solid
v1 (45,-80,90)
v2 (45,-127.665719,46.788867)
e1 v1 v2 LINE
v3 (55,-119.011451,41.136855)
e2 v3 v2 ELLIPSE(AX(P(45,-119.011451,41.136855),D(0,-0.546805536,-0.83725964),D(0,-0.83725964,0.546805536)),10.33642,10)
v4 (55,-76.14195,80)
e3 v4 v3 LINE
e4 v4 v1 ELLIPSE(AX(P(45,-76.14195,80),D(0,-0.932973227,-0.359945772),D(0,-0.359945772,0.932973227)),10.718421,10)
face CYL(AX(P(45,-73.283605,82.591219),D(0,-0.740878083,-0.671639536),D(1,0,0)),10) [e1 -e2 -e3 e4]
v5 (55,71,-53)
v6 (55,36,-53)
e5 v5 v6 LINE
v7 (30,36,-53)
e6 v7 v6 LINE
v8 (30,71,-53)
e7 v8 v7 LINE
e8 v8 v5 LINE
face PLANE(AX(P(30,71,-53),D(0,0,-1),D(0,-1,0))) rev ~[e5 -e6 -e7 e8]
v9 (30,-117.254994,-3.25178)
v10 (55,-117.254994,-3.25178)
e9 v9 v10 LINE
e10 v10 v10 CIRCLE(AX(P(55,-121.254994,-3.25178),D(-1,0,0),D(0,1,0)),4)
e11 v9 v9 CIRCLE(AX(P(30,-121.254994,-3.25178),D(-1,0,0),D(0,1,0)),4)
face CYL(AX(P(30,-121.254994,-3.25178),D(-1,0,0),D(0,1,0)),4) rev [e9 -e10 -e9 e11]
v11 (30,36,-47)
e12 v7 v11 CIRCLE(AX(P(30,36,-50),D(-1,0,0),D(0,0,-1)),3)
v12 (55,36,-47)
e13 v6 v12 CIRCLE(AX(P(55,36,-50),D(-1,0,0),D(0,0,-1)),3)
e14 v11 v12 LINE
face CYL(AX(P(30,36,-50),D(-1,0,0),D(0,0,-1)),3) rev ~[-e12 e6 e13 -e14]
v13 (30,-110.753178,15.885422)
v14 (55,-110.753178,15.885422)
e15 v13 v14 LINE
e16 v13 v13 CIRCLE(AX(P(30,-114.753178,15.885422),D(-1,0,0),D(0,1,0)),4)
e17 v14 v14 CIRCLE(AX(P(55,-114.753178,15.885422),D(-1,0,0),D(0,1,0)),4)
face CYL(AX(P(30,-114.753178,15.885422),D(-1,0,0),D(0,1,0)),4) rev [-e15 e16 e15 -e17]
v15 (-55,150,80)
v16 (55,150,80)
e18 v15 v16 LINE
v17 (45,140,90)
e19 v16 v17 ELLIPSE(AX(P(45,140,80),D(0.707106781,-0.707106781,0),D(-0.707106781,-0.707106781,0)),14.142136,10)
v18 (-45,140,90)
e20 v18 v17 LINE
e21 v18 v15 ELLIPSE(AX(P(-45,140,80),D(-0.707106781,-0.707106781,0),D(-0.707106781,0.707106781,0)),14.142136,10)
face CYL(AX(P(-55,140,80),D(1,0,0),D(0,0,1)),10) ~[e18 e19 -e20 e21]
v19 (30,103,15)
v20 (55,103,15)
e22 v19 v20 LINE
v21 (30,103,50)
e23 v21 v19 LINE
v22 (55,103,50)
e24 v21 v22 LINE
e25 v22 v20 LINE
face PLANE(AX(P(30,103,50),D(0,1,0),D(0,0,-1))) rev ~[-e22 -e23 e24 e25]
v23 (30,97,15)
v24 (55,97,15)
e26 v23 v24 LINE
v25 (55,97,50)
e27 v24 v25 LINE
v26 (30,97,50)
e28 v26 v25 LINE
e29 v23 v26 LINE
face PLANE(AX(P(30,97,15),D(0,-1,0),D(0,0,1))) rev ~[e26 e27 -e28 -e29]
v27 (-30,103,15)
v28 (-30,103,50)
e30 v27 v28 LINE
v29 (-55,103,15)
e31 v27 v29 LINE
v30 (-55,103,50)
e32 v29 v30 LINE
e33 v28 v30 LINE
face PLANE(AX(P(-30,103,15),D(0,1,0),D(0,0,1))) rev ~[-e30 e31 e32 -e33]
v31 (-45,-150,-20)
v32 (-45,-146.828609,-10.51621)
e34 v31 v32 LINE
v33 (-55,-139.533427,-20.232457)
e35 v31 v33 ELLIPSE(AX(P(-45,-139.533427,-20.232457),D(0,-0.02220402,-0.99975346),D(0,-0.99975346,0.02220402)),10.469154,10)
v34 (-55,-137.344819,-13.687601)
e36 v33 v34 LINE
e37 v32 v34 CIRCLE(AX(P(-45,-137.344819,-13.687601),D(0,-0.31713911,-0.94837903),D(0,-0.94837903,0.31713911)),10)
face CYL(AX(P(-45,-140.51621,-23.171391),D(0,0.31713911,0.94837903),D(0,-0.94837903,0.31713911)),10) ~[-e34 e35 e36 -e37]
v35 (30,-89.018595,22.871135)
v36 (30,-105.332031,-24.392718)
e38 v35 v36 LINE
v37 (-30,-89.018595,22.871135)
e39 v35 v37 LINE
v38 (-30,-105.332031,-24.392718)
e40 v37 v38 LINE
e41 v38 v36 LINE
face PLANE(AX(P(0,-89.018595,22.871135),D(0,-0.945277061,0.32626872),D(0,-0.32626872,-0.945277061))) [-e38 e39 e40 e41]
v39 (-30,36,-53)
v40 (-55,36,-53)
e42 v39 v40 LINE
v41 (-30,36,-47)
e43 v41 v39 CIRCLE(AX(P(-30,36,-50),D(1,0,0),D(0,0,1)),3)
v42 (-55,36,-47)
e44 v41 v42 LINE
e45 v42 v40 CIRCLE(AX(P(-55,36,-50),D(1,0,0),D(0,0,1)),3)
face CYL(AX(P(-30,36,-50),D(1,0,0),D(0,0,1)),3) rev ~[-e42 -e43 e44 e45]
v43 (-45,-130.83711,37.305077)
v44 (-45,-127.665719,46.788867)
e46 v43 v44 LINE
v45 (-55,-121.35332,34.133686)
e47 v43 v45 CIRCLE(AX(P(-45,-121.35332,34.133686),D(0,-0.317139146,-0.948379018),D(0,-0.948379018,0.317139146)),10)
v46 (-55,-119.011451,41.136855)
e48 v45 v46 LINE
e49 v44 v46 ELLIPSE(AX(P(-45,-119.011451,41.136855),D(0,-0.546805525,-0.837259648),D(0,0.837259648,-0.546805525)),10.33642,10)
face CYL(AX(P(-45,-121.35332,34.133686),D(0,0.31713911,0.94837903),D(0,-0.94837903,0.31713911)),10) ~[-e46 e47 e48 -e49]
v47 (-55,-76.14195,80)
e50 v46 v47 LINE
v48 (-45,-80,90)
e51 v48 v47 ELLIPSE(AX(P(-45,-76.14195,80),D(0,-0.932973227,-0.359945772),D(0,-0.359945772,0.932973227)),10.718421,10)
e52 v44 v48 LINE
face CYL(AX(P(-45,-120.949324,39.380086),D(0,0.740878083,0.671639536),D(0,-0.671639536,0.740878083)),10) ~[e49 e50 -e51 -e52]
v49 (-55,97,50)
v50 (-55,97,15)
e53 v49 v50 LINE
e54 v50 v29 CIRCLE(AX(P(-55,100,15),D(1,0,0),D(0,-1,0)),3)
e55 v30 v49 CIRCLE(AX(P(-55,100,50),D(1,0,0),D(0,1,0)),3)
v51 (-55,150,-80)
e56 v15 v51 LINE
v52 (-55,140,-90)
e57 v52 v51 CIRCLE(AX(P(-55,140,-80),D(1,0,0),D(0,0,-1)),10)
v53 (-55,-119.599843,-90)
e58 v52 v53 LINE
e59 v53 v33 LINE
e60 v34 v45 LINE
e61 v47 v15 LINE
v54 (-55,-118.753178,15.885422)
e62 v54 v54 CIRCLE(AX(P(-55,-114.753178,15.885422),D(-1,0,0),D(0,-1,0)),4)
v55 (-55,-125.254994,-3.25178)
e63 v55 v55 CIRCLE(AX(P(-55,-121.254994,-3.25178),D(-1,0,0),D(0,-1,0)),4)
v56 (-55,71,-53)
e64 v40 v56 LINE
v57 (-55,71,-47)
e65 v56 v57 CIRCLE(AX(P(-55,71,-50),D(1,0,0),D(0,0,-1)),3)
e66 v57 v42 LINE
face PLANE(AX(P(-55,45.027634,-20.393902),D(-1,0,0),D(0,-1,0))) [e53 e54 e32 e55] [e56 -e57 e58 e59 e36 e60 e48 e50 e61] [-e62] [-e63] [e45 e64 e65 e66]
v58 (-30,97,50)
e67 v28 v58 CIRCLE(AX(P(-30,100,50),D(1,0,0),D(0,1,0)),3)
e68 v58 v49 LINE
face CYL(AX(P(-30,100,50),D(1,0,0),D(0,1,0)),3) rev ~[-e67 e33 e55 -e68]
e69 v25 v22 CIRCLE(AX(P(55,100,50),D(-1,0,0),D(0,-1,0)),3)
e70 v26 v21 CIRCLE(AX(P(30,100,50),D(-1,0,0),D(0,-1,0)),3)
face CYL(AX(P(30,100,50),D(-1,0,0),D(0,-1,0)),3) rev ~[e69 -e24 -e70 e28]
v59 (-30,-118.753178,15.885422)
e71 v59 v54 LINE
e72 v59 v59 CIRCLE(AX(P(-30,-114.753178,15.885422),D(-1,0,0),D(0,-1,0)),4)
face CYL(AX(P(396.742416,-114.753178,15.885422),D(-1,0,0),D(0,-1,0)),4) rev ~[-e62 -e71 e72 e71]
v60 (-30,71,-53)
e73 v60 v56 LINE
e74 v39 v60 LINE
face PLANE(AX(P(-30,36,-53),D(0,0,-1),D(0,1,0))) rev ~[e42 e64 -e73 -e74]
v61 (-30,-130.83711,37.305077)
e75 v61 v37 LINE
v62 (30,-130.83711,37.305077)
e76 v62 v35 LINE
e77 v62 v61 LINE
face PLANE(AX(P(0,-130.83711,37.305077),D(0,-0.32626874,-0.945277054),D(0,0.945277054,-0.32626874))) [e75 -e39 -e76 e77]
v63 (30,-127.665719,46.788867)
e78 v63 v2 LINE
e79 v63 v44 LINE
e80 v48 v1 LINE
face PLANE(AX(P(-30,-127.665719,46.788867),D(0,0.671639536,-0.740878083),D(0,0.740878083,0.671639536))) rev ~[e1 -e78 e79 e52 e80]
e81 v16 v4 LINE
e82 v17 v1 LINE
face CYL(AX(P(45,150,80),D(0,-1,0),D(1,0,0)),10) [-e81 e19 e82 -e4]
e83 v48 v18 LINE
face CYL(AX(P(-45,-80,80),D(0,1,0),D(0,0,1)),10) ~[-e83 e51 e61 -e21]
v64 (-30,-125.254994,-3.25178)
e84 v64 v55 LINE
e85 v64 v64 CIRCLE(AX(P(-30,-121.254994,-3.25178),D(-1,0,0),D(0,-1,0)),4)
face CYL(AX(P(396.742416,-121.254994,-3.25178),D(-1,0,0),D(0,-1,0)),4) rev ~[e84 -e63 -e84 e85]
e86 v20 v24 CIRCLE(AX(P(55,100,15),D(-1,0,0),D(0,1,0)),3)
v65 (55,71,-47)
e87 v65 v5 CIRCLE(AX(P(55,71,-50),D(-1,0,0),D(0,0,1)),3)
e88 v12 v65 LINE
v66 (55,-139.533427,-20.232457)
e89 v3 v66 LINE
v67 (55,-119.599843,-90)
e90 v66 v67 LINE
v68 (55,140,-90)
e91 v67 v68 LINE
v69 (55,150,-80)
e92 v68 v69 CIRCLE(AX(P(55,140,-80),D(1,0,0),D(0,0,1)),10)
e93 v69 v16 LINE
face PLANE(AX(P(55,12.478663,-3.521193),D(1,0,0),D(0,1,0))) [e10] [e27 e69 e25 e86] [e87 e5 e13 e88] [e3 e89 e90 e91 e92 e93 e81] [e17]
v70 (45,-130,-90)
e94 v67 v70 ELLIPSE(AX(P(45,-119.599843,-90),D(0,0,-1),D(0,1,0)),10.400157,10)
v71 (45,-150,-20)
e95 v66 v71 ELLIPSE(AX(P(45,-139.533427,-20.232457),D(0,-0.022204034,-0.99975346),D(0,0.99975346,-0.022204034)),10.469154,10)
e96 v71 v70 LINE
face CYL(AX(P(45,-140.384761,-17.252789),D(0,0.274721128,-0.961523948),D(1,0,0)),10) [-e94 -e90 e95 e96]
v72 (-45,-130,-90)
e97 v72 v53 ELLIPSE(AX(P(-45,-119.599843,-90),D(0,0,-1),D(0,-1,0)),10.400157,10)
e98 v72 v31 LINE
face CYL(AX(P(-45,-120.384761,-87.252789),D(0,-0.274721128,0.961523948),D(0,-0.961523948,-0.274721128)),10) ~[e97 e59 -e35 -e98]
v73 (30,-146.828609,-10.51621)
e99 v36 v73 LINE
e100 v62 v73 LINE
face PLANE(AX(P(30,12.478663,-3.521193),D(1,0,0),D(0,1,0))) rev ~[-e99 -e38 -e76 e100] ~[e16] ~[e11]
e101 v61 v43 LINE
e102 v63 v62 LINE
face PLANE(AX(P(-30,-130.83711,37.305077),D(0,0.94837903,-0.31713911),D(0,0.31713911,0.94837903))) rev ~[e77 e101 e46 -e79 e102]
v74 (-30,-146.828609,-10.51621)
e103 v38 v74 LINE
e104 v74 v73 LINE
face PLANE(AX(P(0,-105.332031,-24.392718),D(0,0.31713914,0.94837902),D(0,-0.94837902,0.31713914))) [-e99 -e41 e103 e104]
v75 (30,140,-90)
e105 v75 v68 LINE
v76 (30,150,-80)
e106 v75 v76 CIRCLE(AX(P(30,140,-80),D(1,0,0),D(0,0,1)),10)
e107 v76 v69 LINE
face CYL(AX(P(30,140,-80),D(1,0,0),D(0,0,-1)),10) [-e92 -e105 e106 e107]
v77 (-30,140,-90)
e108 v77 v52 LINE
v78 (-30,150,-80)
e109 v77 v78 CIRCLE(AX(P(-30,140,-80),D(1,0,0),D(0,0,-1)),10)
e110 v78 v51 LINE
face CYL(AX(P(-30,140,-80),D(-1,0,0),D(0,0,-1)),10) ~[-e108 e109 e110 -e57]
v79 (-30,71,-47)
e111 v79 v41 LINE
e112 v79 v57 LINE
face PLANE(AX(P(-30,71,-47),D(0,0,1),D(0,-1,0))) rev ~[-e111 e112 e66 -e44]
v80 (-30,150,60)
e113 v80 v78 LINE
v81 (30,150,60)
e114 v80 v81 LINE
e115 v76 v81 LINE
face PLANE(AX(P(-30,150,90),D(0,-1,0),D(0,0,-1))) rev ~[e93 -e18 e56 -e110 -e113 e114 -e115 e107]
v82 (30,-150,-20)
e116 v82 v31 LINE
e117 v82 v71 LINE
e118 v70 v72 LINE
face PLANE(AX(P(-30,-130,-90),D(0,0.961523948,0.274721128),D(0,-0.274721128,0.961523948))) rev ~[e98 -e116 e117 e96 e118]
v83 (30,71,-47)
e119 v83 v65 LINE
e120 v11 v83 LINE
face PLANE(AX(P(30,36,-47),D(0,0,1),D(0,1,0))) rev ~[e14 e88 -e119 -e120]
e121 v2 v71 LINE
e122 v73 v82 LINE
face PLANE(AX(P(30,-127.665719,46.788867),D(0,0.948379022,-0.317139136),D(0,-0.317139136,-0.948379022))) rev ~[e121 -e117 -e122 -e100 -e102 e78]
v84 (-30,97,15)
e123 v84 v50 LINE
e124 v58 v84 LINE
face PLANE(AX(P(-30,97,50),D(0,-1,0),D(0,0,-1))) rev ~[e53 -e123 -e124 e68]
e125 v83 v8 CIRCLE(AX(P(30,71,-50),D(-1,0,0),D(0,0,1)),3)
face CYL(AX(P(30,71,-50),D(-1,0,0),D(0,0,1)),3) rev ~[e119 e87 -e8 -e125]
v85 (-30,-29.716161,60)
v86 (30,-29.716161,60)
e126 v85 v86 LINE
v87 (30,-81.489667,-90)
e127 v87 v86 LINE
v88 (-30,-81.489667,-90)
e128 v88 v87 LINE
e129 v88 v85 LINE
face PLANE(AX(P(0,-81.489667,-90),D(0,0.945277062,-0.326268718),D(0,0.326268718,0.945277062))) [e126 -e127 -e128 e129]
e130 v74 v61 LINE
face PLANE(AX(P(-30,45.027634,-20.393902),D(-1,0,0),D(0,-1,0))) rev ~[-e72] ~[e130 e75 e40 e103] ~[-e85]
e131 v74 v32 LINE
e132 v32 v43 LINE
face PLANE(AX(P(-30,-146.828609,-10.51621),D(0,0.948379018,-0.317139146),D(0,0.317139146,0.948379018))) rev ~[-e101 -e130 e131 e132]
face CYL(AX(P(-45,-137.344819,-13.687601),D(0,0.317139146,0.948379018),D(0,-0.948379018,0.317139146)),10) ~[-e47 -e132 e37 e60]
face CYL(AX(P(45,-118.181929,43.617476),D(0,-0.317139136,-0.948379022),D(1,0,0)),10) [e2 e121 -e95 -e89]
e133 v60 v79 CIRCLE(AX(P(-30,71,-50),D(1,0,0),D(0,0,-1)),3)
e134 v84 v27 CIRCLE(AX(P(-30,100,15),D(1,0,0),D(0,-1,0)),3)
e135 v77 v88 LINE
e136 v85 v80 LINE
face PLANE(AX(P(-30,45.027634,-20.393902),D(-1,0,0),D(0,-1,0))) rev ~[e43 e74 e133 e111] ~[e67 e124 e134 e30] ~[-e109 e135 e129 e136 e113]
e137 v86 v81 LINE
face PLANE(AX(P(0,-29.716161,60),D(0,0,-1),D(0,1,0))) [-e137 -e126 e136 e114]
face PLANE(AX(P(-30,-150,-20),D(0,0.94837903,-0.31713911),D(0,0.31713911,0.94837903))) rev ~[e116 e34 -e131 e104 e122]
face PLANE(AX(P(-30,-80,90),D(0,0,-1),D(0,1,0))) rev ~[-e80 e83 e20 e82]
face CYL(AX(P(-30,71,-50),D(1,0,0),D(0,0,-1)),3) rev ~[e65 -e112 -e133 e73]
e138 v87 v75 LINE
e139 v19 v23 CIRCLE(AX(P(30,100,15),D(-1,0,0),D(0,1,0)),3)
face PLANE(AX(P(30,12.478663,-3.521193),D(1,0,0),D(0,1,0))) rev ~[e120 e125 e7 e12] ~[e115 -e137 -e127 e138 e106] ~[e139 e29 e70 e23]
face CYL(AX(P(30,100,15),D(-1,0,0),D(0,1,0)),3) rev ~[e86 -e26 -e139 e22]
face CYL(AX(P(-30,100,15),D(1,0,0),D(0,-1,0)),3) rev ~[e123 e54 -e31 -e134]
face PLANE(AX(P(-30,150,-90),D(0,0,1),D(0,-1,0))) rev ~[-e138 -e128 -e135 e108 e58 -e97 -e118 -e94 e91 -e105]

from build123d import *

# Parameters (mm, degrees)
F1_DEPTH = 30
F2_R     = 4
F3_DEPTH = 25
F5_DEPTH = 25
F6_R     = 10
F7_D     = 8


with BuildPart() as f1:
    # F0 (on Right) → F1 (new body, symmetric)
    with BuildSketch(Plane.YZ):
        Polygon((-89.018595, 22.871135), (-105.332031, -24.392718), (-146.828609, -10.51621), (-150, -20), (-130, -90), (-81.489667, -90), (-29.716161, 60), (-24.538811, 75), (-19.36146, 90), (-80, 90), (-127.665719, 46.788867), (-130.83711, 37.305077), align=None)
        Polygon((150, 90), (-19.36146, 90), (-24.538811, 75), (-29.716161, 60), (150, 60), align=None)
    extrude(amount=F1_DEPTH, both=True)

    # F2 (on face) → F3 (join)
    with BuildSketch(Plane.YZ.offset(30)):
        Polygon((-80, 90), (-127.665719, 46.788867), (-150, -20), (-130, -90), (150, -90), (150, 90), align=None)
        with Locations((-121.254994, -3.25178)):
            Circle(F2_R, mode=Mode.SUBTRACT)
        with BuildLine():
            Line((71, -53), (36, -53))
            ThreePointArc((36, -53), (33, -50), (36, -47))
            Line((36, -47), (71, -47))
            ThreePointArc((71, -47), (74, -50), (71, -53))
        make_face(mode=Mode.SUBTRACT)
        with Locations((-114.753178, 15.885422)):
            Circle(F2_R, mode=Mode.SUBTRACT)
        with BuildLine():
            Line((103, 50), (103, 15))
            ThreePointArc((103, 15), (100, 12), (97, 15))
            Line((97, 15), (97, 50))
            ThreePointArc((97, 50), (100, 53), (103, 50))
        make_face(mode=Mode.SUBTRACT)
    extrude(amount=F3_DEPTH)

    # F4 (on face) → F5 (join)
    with BuildSketch(Plane(origin=(-30, 0, 0), x_dir=(0, -1, 0), z_dir=(-1, 0, 0))):
        Polygon((29.716161, 60), (-150, 60), (-150, -90), (81.489667, -90), align=None)
        with BuildLine():
            Line((-71, -47), (-36, -47))
            ThreePointArc((-36, -47), (-33, -50), (-36, -53))
            Line((-36, -53), (-71, -53))
            ThreePointArc((-71, -53), (-74, -50), (-71, -47))
        make_face(mode=Mode.SUBTRACT)
        with BuildLine():
            ThreePointArc((-97, 15), (-100, 12), (-103, 15))
            Line((-103, 15), (-103, 50))
            ThreePointArc((-103, 50), (-100, 53), (-97, 50))
            Line((-97, 50), (-97, 15))
        make_face(mode=Mode.SUBTRACT)
        Polygon((130.83711, 37.305077), (127.665719, 46.788867), (80, 90), (-150, 90), (-150, 60), (29.716161, 60), (81.489667, -90), (130, -90), (150, -20), (146.828609, -10.51621), (105.332031, -24.392718), (89.018595, 22.871135), align=None)
        Polygon((146.828609, -10.51621), (130.83711, 37.305077), (89.018595, 22.871135), (105.332031, -24.392718), align=None)
    extrude(amount=F5_DEPTH)

    # F6
    f6_edges = [f1.edges().sort_by_distance(p)[0] for p in [
        (55, 35, 90),
        (55, -103.832859, 68.394433),
        (55, -140, -55),
        (-55, -140, -55),
        (-55, -103.832859, 68.394433),
        (-55, 35, 90),
        (0, 150, 90),
        (-42.5, 150, -90),
        (42.5, 150, -90),
        (-55, -138.832859, 13.394433),
        (55, -138.832859, 13.394433),
    ]]
    fillet(f6_edges, radius=F6_R)

    # F7 (through all)
    with Locations(Plane.YZ.offset(30)):
        with Locations((-114.753178, 15.885422), (-121.254994, -3.25178)):
            Hole(F7_D / 2)


solid = f1.part
